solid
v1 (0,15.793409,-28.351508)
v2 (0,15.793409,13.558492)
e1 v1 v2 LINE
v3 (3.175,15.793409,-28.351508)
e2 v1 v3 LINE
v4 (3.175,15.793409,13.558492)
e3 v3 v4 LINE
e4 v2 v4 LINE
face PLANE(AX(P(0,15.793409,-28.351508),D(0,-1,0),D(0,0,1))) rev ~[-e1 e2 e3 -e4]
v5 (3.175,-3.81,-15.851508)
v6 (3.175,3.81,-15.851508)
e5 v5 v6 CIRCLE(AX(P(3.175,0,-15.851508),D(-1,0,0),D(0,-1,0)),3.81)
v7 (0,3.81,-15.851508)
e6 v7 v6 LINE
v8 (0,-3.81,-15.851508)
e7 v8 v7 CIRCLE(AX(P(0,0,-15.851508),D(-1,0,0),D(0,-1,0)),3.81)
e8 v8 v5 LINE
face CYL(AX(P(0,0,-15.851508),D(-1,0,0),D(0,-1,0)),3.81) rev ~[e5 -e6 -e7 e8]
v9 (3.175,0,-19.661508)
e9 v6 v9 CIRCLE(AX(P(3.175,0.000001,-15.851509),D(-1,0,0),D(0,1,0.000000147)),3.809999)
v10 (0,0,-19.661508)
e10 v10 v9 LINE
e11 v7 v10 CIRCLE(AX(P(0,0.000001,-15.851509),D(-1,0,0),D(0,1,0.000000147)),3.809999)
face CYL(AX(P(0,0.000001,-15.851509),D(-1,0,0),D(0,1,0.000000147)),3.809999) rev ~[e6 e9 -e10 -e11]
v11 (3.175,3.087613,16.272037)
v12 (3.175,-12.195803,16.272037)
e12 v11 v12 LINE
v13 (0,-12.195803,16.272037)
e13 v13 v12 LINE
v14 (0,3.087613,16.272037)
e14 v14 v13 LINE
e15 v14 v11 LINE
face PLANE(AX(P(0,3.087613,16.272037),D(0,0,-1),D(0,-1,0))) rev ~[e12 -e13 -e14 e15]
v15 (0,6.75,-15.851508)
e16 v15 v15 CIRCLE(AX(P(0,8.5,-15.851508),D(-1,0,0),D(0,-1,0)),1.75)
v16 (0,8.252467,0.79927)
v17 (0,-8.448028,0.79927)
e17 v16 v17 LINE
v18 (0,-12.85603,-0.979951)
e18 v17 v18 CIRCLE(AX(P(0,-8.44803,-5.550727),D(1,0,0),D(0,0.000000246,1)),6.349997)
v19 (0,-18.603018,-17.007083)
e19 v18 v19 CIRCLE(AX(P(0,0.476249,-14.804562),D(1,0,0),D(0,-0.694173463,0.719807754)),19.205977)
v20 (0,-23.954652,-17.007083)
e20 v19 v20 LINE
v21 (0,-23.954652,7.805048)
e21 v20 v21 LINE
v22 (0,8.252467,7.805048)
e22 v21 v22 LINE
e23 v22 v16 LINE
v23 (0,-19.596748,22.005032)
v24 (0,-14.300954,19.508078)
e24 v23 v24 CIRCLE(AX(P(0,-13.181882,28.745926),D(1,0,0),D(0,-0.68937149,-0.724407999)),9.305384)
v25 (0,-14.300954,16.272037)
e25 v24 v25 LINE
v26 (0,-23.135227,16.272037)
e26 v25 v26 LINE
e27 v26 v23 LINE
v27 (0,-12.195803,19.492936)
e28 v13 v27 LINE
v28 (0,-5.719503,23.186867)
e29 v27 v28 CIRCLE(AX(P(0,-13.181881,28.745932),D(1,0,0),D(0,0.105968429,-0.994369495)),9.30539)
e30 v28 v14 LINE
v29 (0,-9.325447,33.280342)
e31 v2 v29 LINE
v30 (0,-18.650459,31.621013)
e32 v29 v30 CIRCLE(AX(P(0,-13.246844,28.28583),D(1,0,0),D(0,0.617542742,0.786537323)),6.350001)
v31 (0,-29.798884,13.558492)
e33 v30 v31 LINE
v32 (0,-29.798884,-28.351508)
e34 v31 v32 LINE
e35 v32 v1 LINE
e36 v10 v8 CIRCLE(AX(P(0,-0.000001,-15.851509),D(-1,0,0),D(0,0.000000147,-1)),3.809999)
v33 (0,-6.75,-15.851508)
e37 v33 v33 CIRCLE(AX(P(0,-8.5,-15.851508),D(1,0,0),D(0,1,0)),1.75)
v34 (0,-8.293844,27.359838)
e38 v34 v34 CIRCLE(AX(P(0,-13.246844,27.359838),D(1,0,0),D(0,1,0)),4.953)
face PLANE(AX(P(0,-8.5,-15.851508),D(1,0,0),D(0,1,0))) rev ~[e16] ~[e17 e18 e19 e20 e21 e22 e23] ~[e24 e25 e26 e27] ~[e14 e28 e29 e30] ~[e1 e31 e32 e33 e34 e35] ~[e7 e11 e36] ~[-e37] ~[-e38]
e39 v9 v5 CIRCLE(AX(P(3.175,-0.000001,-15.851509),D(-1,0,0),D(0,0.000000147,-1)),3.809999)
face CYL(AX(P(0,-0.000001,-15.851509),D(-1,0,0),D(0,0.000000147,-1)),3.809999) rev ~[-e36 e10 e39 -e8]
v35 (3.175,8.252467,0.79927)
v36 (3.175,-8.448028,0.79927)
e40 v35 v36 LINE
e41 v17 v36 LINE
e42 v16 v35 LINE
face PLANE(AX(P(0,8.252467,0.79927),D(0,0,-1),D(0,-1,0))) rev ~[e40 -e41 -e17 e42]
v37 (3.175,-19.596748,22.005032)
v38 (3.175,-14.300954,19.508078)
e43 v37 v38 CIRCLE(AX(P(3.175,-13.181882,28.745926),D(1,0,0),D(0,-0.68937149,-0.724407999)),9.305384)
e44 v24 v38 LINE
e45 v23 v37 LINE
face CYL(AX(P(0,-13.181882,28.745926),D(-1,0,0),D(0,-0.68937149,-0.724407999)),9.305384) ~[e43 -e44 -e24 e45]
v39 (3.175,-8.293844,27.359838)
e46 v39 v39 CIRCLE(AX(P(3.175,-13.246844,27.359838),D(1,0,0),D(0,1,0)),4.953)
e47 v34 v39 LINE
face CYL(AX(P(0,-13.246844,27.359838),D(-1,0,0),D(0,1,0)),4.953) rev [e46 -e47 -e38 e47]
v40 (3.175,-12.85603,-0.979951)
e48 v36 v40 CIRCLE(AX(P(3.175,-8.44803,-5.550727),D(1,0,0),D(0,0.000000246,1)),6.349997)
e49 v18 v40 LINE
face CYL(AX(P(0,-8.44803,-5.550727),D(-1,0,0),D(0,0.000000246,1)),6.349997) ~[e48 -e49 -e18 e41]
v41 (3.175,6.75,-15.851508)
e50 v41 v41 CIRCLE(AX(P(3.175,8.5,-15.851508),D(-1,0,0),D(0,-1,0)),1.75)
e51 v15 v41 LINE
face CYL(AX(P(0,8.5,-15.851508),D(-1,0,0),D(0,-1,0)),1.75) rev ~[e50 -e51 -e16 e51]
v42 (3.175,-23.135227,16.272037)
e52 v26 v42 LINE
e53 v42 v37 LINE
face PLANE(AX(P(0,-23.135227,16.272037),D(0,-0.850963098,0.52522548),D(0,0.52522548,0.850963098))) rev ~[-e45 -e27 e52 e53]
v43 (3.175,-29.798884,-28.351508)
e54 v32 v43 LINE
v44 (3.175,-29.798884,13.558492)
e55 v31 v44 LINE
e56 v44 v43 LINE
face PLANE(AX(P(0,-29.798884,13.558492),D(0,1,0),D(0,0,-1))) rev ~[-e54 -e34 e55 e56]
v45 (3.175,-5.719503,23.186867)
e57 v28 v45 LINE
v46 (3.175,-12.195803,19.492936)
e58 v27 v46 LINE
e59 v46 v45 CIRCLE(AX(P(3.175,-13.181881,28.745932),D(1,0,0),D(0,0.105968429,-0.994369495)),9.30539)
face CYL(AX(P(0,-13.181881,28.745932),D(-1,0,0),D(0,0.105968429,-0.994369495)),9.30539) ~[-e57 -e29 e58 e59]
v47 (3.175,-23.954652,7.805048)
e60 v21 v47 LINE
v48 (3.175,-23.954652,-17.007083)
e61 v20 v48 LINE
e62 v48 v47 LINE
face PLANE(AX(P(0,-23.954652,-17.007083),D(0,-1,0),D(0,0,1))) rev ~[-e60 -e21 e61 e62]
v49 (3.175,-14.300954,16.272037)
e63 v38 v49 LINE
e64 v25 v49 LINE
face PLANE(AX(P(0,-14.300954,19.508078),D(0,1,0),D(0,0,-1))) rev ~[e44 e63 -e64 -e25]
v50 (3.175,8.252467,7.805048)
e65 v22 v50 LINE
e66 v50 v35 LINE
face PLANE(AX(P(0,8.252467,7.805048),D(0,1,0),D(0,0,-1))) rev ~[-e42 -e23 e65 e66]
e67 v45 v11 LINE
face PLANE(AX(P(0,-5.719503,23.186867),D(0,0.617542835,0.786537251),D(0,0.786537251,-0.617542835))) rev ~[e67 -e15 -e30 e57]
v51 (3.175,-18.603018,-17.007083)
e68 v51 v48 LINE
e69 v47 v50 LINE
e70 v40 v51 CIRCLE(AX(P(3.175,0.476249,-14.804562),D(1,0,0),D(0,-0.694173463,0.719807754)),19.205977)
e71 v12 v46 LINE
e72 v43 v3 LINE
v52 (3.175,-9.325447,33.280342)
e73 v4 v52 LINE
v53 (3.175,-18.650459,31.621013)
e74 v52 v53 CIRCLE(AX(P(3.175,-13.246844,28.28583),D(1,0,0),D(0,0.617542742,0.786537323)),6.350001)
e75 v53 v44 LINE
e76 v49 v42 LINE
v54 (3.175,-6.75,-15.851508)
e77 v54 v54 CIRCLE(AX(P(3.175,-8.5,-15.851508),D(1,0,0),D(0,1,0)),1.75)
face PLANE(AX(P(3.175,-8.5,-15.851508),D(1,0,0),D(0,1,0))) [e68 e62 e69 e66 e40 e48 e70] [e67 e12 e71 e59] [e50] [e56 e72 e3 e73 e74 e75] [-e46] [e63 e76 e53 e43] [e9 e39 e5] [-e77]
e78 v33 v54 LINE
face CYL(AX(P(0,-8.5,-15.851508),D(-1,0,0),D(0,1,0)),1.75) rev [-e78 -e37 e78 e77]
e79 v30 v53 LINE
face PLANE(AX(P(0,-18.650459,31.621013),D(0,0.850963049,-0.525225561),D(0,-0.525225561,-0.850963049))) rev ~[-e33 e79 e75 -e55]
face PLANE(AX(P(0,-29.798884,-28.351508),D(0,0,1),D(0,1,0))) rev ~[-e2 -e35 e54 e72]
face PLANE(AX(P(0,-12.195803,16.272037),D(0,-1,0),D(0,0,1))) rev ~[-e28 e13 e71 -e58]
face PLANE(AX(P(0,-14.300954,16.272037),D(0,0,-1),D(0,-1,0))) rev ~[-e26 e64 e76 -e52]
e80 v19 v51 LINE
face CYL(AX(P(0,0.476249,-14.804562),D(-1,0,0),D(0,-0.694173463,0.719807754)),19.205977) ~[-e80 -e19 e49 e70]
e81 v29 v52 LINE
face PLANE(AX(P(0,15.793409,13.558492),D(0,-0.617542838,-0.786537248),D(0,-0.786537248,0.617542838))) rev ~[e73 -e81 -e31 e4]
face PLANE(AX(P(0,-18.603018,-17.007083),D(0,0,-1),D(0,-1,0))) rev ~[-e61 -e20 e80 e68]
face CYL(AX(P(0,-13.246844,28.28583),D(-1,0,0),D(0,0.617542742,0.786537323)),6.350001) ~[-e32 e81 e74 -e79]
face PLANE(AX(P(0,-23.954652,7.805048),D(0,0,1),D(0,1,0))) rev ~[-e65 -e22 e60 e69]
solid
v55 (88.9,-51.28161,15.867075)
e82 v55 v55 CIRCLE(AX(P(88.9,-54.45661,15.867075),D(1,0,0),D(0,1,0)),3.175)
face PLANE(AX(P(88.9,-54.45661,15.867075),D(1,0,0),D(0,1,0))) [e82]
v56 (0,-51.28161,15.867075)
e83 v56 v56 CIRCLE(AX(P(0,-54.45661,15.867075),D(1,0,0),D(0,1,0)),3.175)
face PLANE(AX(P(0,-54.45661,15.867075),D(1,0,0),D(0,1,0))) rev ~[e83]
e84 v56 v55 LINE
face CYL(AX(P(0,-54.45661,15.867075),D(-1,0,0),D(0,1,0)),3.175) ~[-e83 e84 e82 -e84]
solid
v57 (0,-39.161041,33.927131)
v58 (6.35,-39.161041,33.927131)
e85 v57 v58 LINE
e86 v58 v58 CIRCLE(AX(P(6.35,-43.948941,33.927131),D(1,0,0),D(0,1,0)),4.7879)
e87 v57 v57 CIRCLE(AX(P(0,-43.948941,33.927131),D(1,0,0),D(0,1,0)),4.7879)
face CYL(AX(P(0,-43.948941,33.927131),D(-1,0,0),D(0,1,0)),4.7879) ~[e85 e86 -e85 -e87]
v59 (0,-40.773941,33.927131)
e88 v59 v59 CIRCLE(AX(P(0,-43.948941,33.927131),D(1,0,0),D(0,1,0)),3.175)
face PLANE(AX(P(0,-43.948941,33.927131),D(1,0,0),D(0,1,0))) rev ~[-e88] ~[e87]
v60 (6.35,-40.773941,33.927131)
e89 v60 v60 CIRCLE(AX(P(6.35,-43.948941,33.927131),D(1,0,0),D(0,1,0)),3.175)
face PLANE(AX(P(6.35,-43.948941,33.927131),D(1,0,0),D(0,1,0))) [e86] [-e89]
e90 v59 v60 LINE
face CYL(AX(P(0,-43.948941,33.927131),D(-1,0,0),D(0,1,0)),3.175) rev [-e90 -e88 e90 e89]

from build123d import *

# Parameters (mm, degrees)
F0_R     = 1.75
F0_R_2   = 4.953
F1_DEPTH = 3.175
F2_R     = 4.7879
F2_R_2   = 3.175
F3_DEPTH = 6.35
F4_R     = 3.175
F5_DEPTH = 88.9


with BuildPart() as f1:
    # F0 (on Right) → F1 (new body)
    with BuildSketch(Plane.YZ):
        with Locations((-8.5, -15.851508)):
            Circle(F0_R)
        with BuildLine():
            ThreePointArc((10.25, -15.851508), (8.5, -14.101508), (6.75, -15.851508))
            ThreePointArc((6.75, -15.851508), (8.5, -17.601508), (10.25, -15.851508))
        make_face()
        with BuildLine():
            Line((-29.798884, 13.558492), (-29.798884, -28.351508))
            Line((-29.798884, -28.351508), (0, -28.351508))
            Line((0, -28.351508), (15.793409, -28.351508))
            Line((15.793409, -28.351508), (15.793409, 13.558492))
            Line((15.793409, 13.558492), (-9.325447, 33.280342))
            ThreePointArc((-9.325447, 33.280342), (-14.359312, 34.537623), (-18.650459, 31.621013))
            Line((-18.650459, 31.621013), (-29.798884, 13.558492))
        make_face()
        with Locations((-8.5, -15.851508)):
            Circle(F0_R, mode=Mode.SUBTRACT)
        with BuildLine():
            Line((-23.954652, -17.007083), (-23.954652, 7.805048))
            Line((-23.954652, 7.805048), (8.252467, 7.805048))
            Line((8.252467, 7.805048), (8.252467, 0.79927))
            Line((8.252467, 0.79927), (-8.448028, 0.79927))
            ThreePointArc((-8.448028, 0.79927), (-10.824796, 0.337689), (-12.85603, -0.979951))
            ThreePointArc((-12.85603, -0.979951), (-17.602587, -8.321876), (-18.603018, -17.007083))
            Line((-18.603018, -17.007083), (-23.954652, -17.007083))
        make_face(mode=Mode.SUBTRACT)
        with BuildLine():
            ThreePointArc((3.81, -15.851508), (2.694077, -18.545585), (0, -19.661508))
            ThreePointArc((0, -19.661508), (-2.694077, -18.545585), (-3.81, -15.851508))
            ThreePointArc((-3.81, -15.851508), (0, -12.041508), (3.81, -15.851508))
        make_face(mode=Mode.SUBTRACT)
        with BuildLine():
            ThreePointArc((10.25, -15.851508), (8.5, -17.601508), (6.75, -15.851508))
            ThreePointArc((6.75, -15.851508), (8.5, -14.101508), (10.25, -15.851508))
        make_face(mode=Mode.SUBTRACT)
        with BuildLine():
            Line((-23.135227, 16.272037), (-19.596748, 22.005032))
            ThreePointArc((-19.596748, 22.005032), (-17.150351, 20.329192), (-14.300954, 19.508078))
            ThreePointArc((-14.300954, 19.508078), (-13.248808, 19.440783), (-12.195803, 19.492936))
            ThreePointArc((-12.195803, 19.492936), (-8.571525, 20.662931), (-5.719503, 23.186867))
            Line((-5.719503, 23.186867), (3.087613, 16.272037))
            Line((3.087613, 16.272037), (-12.195803, 16.272037))
            Line((-12.195803, 16.272037), (-14.300954, 16.272037))
            Line((-14.300954, 16.272037), (-23.135227, 16.272037))
        make_face(mode=Mode.SUBTRACT)
        with Locations((-13.246844, 27.359838)):
            Circle(F0_R_2, mode=Mode.SUBTRACT)
        with BuildLine():
            ThreePointArc((-12.195803, 19.492936), (-13.248808, 19.440783), (-14.300954, 19.508078))
            Line((-14.300954, 19.508078), (-14.300954, 16.272037))
            Line((-14.300954, 16.272037), (-12.195803, 16.272037))
            Line((-12.195803, 16.272037), (-12.195803, 19.492936))
        make_face()
    extrude(amount=F1_DEPTH)


with BuildPart() as f3:
    # F2 (on Right) → F3 (new body)
    with BuildSketch(Plane.YZ):
        with Locations((-43.948941, 33.927131)):
            Circle(F2_R)
        with Locations((-43.948941, 33.927131)):
            Circle(F2_R_2, mode=Mode.SUBTRACT)
    extrude(amount=F3_DEPTH)


with BuildPart() as f5:
    # F4 (on Right) → F5 (new body)
    with BuildSketch(Plane.YZ):
        with Locations((-54.45661, 15.867075)):
            Circle(F4_R)
    extrude(amount=F5_DEPTH)


solid = Compound([f1.part, f3.part, f5.part])
